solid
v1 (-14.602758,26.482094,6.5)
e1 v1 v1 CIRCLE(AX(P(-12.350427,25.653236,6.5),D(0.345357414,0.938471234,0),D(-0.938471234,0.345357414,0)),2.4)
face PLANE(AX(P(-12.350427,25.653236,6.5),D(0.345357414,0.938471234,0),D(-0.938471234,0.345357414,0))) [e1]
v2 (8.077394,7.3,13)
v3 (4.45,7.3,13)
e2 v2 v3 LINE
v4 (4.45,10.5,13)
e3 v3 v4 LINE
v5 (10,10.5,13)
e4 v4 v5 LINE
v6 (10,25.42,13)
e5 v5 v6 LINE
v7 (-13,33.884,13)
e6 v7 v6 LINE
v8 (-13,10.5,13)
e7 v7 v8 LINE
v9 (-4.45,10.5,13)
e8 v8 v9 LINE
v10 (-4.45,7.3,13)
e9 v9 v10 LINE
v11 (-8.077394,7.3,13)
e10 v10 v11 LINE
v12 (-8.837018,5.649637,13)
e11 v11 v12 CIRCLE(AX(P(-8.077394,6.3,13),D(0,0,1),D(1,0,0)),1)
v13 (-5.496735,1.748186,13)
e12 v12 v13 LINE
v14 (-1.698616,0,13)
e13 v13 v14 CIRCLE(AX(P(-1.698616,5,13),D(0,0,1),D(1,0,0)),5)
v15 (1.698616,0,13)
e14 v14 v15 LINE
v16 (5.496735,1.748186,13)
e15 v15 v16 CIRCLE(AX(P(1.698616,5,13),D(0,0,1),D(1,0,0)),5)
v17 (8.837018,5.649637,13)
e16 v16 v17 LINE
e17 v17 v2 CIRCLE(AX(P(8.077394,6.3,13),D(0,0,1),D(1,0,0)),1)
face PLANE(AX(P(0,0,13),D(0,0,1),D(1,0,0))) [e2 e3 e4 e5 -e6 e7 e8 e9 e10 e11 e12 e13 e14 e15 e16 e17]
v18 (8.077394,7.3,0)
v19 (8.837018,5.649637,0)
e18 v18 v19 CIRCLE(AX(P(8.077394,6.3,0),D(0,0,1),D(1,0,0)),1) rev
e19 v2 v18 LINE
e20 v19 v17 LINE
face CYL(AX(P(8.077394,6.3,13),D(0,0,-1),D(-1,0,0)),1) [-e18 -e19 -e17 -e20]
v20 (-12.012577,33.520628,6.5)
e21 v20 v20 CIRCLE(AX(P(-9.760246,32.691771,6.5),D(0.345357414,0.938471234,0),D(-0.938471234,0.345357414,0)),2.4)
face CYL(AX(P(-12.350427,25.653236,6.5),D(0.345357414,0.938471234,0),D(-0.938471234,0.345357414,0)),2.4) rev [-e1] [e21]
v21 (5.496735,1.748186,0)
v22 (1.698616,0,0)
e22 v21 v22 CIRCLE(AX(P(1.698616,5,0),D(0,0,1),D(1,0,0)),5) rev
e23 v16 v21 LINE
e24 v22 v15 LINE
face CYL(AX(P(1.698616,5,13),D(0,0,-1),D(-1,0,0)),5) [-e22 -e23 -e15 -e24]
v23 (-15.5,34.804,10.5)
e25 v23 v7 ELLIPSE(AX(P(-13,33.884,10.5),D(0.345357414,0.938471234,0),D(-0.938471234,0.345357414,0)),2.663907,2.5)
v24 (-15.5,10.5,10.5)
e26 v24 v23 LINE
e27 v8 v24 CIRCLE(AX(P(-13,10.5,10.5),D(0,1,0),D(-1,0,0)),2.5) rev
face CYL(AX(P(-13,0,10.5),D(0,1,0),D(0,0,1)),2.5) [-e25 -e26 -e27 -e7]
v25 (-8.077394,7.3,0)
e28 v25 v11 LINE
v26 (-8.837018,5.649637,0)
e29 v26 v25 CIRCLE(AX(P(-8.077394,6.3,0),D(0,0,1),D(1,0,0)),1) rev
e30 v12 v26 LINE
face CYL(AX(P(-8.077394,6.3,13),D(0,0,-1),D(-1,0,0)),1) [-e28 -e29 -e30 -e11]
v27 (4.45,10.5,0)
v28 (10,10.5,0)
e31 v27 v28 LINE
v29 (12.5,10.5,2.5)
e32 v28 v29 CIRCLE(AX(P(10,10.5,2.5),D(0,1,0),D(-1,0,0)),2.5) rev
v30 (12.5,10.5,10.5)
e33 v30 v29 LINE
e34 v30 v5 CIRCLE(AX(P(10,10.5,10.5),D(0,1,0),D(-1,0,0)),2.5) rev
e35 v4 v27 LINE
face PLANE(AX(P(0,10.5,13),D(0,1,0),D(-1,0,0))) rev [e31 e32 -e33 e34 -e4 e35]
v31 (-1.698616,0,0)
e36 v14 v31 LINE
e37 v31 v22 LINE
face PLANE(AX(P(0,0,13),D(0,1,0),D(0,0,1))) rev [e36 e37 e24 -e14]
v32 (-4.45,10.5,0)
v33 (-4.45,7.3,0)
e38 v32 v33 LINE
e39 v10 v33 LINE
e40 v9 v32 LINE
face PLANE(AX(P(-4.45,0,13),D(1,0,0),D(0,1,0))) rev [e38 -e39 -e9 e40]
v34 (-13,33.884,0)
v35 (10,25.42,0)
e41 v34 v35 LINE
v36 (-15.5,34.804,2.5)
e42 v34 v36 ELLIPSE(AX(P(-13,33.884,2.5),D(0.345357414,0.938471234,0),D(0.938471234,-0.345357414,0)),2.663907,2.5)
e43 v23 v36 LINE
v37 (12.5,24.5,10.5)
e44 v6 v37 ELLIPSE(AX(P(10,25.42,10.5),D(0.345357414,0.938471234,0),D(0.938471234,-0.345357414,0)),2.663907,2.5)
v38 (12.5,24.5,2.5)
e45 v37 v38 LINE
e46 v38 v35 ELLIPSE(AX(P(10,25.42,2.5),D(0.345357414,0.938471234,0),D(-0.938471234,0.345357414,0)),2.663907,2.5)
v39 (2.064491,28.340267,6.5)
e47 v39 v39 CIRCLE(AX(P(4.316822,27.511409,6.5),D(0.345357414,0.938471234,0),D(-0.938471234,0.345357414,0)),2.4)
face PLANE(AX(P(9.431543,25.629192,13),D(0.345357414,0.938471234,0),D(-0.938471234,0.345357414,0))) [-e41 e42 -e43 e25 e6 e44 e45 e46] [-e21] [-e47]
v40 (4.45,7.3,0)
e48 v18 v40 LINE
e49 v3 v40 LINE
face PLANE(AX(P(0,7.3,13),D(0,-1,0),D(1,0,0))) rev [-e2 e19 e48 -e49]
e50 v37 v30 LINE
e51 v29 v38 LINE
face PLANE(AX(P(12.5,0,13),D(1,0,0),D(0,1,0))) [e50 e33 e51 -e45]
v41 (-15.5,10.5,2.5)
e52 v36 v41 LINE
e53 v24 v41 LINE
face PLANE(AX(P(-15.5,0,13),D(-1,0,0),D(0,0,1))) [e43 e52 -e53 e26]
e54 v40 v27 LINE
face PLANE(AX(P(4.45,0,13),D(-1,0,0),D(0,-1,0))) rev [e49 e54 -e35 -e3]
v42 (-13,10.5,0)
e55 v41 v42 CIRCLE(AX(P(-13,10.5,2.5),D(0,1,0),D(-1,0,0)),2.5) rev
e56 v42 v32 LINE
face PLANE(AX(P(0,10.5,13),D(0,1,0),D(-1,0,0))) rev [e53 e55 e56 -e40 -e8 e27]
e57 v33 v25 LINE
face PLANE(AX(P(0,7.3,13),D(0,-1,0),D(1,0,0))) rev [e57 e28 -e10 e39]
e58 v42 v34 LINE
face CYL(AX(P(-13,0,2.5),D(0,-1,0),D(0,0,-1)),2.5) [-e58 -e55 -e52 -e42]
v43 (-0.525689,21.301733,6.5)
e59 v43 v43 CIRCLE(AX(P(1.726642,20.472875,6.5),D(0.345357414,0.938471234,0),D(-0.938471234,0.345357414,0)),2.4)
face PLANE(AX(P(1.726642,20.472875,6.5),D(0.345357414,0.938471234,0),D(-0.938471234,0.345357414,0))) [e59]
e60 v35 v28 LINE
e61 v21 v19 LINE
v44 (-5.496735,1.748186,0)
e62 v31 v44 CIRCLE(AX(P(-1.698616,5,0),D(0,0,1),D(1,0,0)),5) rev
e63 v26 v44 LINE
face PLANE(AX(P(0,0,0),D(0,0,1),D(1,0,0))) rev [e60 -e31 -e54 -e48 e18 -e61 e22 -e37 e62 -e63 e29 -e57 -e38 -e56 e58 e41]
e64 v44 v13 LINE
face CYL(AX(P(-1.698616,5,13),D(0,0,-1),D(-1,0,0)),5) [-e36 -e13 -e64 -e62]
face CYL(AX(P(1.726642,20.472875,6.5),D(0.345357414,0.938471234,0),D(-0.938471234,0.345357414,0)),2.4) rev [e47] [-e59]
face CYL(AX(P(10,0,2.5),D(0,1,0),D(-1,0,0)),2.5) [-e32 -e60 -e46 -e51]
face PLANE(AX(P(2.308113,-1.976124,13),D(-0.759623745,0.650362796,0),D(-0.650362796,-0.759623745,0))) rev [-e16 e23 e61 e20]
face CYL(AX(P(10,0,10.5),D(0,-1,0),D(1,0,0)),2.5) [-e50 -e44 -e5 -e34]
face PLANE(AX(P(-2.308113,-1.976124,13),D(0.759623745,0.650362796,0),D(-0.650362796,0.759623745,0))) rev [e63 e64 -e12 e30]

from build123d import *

# Parameters (mm, degrees)
BOSS_EXTRUDE3_DEPTH = 13
FILLET1_R           = 1
FILLET2_R           = 5
SKETCH2_R           = 2.4
CUT_EXTRUDE1_DEPTH  = 7.5
FILLET3_R           = 2.5


with BuildPart() as part:
    # Sketch1 → Boss-Extrude3 (new body)
    with BuildSketch(Plane.XY):
        Polygon((-12.5, 10.5), (-4.45, 10.5), (4.45, 10.5), (12.5, 10.5), (12.5, 24.5), (-12.5, 33.7), align=None)
        Polygon((-4.45, 7.3), (-10.25, 7.3), (-4, 0), (4, 0), (10.25, 7.3), (4.45, 7.3), (4.45, 10.5), (-4.45, 10.5), align=None)
        Polygon((-15.5, 34.804), (-12.5, 33.7), (-12.5, 10.5), (-15.5, 10.5), align=None)
    extrude(amount=BOSS_EXTRUDE3_DEPTH)

    # Fillet1
    fillet1_edges = [part.edges().sort_by_distance(p)[0] for p in [
        (10.25, 7.3, 6.5),
        (-10.25, 7.3, 6.5),
    ]]
    fillet(fillet1_edges, radius=FILLET1_R)

    # Fillet2
    fillet2_edges = [part.edges().sort_by_distance(p)[0] for p in [
        (4, 0, 6.5),
        (-4, 0, 6.5),
    ]]
    fillet(fillet2_edges, radius=FILLET2_R)

    # Sketch2 → Cut-Extrude1 (cut)
    with BuildSketch(Plane(origin=(9.431542754, 25.629192267, 0), x_dir=(0.9384712337524266, -0.3453574140208928, 0), z_dir=(0.3453574140208928, 0.9384712337524266, 0))):
        with Locations(Location((-20.450055857, -6.5, 0), (0, 0, 180))):
            Circle(SKETCH2_R)
        with Locations(Location((-5.450055857, -6.5, 0), (0, 0, 180))):
            Circle(SKETCH2_R)
    extrude(amount=-CUT_EXTRUDE1_DEPTH, mode=Mode.SUBTRACT)

    # Fillet3
    fillet3_edges = [part.edges().sort_by_distance(p)[0] for p in [
        (-15.5, 22.652, 13),
        (-15.5, 22.652, 0),
        (12.5, 17.5, 0),
        (12.5, 17.5, 13),
    ]]
    fillet(fillet3_edges, radius=FILLET3_R)


solid = part.part
